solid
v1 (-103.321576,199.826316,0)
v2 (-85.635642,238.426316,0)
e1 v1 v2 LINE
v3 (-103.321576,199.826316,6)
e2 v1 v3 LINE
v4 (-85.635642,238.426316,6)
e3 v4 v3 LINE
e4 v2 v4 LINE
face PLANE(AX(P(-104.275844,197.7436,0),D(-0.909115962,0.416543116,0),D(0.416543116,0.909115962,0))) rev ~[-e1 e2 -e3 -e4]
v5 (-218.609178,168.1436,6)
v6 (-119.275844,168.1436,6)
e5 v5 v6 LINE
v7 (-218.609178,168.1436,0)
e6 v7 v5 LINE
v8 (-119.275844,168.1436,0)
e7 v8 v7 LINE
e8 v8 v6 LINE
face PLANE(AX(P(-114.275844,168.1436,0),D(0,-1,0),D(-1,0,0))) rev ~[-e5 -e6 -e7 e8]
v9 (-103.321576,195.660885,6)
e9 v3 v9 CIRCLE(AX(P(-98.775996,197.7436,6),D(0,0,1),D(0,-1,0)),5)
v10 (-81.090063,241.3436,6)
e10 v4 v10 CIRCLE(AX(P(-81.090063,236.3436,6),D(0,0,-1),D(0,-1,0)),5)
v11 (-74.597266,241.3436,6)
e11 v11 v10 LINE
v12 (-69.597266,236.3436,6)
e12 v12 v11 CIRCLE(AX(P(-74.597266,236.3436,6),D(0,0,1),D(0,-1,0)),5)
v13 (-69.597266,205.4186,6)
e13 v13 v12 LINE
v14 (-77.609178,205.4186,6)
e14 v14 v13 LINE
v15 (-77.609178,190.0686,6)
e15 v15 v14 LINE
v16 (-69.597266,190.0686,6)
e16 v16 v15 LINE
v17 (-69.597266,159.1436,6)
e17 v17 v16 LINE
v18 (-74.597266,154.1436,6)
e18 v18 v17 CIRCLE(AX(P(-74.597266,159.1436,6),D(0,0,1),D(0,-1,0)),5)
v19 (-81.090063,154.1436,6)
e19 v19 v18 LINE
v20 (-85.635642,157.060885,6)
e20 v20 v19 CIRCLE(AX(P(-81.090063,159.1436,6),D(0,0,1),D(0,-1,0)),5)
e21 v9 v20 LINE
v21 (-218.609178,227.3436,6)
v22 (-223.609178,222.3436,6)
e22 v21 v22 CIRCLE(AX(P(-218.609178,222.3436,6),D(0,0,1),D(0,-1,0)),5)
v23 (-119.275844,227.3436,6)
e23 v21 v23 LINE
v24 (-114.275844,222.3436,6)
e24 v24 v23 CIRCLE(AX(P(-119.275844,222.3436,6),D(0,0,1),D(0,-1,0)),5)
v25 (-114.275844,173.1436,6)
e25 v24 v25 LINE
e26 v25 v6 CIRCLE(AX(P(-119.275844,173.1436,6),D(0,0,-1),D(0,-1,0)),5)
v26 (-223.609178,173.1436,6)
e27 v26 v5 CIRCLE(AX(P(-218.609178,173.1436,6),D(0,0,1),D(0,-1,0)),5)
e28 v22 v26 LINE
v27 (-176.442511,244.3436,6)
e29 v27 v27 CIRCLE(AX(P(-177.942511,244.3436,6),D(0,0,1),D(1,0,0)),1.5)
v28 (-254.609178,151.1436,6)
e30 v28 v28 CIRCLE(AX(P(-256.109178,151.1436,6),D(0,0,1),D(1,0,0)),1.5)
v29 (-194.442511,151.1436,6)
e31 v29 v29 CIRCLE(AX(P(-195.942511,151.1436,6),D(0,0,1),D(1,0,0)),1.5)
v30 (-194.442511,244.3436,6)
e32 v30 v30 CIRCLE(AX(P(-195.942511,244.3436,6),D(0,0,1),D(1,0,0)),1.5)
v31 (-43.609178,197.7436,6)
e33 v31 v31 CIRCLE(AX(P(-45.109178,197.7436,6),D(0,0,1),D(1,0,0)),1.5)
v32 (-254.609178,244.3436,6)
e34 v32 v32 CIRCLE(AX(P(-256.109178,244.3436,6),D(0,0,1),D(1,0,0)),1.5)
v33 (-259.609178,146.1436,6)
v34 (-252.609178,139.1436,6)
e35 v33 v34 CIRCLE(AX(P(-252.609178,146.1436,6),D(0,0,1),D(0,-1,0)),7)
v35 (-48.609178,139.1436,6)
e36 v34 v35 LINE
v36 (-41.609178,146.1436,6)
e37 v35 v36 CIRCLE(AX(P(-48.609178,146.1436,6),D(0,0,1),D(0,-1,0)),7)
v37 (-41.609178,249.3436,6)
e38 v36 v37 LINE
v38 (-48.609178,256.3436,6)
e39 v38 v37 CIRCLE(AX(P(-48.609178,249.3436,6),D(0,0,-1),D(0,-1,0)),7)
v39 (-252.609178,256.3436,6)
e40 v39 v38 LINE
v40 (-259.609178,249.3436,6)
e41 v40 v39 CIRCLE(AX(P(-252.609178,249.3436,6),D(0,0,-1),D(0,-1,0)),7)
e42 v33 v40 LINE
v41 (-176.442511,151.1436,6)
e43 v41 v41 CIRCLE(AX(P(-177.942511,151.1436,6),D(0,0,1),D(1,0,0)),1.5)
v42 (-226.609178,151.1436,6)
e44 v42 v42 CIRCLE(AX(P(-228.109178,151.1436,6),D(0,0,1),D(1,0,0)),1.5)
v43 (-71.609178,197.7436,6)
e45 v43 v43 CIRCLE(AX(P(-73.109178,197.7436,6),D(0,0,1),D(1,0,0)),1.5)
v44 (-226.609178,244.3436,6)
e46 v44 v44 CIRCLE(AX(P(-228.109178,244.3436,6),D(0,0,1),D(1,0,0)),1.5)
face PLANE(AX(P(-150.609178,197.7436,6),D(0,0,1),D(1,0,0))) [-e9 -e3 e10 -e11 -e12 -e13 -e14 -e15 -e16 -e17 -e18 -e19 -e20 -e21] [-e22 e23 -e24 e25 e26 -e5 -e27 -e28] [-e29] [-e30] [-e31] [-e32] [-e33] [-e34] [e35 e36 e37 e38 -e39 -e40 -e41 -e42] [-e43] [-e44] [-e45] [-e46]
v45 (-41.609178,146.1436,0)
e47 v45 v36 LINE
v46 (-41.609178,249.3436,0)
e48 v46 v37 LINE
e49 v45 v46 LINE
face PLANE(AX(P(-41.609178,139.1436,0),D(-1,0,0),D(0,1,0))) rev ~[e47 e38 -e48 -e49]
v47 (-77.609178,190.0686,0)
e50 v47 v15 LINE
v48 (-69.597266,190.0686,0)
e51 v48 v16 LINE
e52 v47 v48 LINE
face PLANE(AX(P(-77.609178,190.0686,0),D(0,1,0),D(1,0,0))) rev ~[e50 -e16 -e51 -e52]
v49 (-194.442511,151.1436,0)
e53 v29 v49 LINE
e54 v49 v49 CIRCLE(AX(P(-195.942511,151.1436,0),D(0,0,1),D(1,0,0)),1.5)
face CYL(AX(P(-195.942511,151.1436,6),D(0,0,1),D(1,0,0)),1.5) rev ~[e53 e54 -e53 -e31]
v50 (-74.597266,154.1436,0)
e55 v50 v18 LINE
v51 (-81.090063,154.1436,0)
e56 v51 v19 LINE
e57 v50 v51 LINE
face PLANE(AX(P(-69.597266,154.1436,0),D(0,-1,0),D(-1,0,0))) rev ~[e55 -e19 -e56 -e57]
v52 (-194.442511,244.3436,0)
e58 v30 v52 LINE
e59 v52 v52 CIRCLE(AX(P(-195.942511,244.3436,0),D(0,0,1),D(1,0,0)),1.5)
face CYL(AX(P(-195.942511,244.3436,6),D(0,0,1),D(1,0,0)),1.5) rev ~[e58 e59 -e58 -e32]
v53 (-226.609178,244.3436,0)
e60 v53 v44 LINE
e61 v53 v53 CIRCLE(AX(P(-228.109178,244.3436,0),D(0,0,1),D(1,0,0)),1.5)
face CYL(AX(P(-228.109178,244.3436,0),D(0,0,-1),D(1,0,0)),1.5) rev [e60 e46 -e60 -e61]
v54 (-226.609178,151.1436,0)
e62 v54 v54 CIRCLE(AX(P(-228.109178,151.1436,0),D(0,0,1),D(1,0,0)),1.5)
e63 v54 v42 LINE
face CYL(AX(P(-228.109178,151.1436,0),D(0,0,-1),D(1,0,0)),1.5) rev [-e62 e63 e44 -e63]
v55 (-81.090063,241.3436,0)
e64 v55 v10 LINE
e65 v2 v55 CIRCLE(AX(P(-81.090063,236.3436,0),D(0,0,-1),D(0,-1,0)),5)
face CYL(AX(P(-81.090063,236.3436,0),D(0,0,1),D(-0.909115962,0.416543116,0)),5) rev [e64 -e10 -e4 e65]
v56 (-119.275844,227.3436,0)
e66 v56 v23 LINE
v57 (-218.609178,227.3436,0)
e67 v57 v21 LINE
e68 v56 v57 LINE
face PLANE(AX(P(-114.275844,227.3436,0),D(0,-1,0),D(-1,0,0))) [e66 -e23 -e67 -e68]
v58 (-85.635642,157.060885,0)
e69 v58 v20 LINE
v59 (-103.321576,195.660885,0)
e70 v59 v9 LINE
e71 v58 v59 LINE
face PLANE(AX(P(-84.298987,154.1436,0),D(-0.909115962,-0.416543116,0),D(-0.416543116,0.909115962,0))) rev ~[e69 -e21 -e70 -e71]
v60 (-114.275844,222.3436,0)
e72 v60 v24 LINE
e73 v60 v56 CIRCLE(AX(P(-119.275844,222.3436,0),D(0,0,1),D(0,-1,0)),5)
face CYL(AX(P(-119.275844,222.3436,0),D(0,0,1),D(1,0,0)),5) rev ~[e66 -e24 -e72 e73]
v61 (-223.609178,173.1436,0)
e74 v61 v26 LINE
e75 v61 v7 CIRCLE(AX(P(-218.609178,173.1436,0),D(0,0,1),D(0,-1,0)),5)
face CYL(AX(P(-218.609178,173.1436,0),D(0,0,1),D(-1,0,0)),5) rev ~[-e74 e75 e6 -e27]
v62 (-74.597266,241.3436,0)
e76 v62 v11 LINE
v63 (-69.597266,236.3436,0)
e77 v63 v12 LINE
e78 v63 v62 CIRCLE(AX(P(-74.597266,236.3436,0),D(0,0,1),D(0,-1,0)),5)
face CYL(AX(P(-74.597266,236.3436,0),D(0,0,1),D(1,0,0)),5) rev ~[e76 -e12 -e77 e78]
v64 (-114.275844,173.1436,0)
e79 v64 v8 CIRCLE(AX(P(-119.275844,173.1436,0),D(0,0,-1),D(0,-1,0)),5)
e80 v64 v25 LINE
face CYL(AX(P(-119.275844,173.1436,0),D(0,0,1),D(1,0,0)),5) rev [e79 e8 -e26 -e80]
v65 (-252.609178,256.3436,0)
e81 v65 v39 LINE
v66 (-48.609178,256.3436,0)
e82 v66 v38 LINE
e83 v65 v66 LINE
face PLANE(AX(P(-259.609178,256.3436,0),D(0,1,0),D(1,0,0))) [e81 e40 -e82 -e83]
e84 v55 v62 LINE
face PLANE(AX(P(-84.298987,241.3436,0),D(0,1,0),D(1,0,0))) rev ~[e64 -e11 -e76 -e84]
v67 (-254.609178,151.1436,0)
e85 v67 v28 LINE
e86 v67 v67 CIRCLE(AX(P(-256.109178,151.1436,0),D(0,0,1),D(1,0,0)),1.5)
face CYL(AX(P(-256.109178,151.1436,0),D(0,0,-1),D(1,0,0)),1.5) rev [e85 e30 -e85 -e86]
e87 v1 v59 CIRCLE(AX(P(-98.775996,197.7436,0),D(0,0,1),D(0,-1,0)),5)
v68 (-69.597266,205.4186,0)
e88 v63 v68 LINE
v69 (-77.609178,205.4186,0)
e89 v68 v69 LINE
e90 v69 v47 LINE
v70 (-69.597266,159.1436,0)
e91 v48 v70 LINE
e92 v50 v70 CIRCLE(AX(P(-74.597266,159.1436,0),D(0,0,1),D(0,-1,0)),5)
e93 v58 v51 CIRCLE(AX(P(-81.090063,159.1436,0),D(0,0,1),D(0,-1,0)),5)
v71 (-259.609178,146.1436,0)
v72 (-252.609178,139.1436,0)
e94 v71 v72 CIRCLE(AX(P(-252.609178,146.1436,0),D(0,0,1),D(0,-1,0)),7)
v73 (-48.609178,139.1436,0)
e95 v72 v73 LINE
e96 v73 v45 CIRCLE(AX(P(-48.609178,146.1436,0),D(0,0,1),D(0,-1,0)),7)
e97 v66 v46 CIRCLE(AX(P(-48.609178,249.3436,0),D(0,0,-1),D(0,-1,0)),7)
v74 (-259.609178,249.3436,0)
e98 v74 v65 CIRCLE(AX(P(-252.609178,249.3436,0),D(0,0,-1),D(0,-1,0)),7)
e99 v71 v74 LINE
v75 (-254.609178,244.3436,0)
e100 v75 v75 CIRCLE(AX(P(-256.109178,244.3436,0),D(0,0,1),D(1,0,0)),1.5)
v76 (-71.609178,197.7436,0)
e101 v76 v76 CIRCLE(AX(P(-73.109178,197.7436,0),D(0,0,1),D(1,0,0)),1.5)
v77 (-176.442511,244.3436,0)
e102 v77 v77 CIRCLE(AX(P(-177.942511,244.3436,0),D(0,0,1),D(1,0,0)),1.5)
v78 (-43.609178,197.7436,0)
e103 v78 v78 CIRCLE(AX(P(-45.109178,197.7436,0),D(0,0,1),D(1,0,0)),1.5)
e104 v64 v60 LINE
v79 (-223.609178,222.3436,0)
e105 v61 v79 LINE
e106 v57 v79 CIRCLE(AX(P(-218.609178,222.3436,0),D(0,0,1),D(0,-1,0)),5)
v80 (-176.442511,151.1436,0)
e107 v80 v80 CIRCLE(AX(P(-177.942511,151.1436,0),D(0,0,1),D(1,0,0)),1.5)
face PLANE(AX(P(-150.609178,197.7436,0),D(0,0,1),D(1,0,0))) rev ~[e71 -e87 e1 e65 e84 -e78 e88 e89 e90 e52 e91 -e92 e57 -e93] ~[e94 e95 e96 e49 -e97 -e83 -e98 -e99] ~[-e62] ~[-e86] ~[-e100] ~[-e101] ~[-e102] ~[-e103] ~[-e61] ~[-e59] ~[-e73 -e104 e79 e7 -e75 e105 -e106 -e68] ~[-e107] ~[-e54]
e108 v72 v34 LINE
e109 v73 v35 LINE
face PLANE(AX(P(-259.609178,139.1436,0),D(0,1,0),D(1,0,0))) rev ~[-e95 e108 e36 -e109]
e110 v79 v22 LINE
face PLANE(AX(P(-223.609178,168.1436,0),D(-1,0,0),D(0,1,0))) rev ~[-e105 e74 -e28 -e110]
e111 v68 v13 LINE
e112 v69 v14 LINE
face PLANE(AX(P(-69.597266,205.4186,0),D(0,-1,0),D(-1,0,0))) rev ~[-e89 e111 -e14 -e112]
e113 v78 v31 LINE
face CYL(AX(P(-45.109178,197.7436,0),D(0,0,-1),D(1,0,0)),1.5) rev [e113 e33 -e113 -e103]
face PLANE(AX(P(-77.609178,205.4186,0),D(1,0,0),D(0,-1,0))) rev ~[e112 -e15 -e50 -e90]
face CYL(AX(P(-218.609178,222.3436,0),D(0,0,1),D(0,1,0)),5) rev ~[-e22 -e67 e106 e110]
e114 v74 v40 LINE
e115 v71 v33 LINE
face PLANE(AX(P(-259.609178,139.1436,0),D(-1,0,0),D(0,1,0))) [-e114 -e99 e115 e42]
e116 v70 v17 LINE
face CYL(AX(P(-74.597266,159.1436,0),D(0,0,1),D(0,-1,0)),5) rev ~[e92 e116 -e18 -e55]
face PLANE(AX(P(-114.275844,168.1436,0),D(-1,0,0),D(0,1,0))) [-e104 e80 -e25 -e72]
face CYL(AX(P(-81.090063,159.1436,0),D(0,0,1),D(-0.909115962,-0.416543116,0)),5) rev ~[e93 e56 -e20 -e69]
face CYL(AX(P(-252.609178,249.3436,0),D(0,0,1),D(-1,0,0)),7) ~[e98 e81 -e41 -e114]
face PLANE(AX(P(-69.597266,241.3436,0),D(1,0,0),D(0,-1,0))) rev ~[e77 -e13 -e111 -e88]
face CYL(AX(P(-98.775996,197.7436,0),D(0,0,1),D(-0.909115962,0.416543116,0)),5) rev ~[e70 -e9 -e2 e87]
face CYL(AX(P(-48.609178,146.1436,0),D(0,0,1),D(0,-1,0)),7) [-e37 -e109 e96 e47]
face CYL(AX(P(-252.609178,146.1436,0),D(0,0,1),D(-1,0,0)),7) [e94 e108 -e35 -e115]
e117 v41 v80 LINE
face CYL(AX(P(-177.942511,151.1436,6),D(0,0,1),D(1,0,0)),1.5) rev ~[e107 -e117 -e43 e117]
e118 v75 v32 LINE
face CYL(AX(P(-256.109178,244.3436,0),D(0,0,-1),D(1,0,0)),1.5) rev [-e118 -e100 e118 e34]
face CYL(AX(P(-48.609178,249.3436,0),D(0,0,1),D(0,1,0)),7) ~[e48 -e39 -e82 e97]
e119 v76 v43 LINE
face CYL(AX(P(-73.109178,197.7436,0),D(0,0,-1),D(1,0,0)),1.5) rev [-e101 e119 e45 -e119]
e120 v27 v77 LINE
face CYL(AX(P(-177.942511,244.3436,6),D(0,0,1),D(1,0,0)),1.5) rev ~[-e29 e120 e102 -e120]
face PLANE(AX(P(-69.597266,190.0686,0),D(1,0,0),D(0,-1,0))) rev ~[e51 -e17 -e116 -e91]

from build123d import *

# Parameters (mm, degrees)
SKETCH1_W           = 218
SKETCH1_H           = 117.2
SKETCH1_R           = 1.5
BOSS_EXTRUDE1_DEPTH = 6
SKETCH2_R           = 1.5
CUT_EXTRUDE1_DEPTH  = 6
FILLET1_R           = 7
SKETCH3_W           = 109.333333333
SKETCH3_H           = 59.2
CUT_EXTRUDE2_DEPTH  = 10
FILLET3_R           = 5
CUT_EXTRUDE3_DEPTH  = 10
FILLET4_R           = 5


with BuildPart() as part:
    # Sketch1 → Boss-Extrude1 (new body)
    with BuildSketch(Plane.XY):
        with Locations((-150.609177744, 197.743600407)):
            Rectangle(SKETCH1_W, SKETCH1_H)
        with Locations((-256.109177744, 244.343600407)):
            Circle(SKETCH1_R, mode=Mode.SUBTRACT)
        with Locations((-256.109177744, 151.143600407)):
            Circle(SKETCH1_R, mode=Mode.SUBTRACT)
        with Locations((-45.109177744, 197.743600407)):
            Circle(SKETCH1_R, mode=Mode.SUBTRACT)
        with Locations((-73.109177744, 197.743600407)):
            Circle(SKETCH1_R, mode=Mode.SUBTRACT)
        with Locations((-228.109177744, 244.343600407)):
            Circle(SKETCH1_R, mode=Mode.SUBTRACT)
        with Locations((-228.109177744, 151.143600407)):
            Circle(SKETCH1_R, mode=Mode.SUBTRACT)
    extrude(amount=BOSS_EXTRUDE1_DEPTH)

    # Sketch2 → Cut-Extrude1 (cut)
    with BuildSketch(Plane.XY.offset(6)):
        with Locations((-195.942511077, 151.143600407)):
            Circle(SKETCH2_R)
        with Locations((-177.942511077, 151.143600407)):
            Circle(SKETCH2_R)
        with Locations((-195.942511077, 244.343600407)):
            Circle(SKETCH2_R)
        with Locations((-177.942511077, 244.343600407)):
            Circle(SKETCH2_R)
    extrude(amount=-CUT_EXTRUDE1_DEPTH, mode=Mode.SUBTRACT)

    # Fillet1
    fillet1_edges = [part.edges().sort_by_distance(p)[0] for p in [
        (-259.609177744, 256.343600407, 3),
        (-41.609177744, 256.343600407, 3),
        (-41.609177744, 139.143600407, 3),
        (-259.609177744, 139.143600407, 3),
    ]]
    fillet(fillet1_edges, radius=FILLET1_R)

    # Sketch3 → Cut-Extrude2 (cut)
    with BuildSketch(Plane(origin=(0, 0, 0), x_dir=(-1, 0, 0), z_dir=(0, 0, -1))):
        with Locations((168.942511078, 197.743600407)):
            Rectangle(SKETCH3_W, SKETCH3_H)
    extrude(amount=-CUT_EXTRUDE2_DEPTH, mode=Mode.SUBTRACT)

    # Fillet3
    fillet3_edges = [part.edges().sort_by_distance(p)[0] for p in [
        (-114.275844411, 168.143600407, 3),
        (-114.275844411, 227.343600407, 3),
        (-223.609177744, 227.343600407, 3),
        (-223.609177744, 168.143600407, 3),
    ]]
    fillet(fillet3_edges, radius=FILLET3_R)

    # Sketch4 → Cut-Extrude3 (cut)
    with BuildSketch(Plane(origin=(0, 0, 0), x_dir=(-1, 0, 0), z_dir=(0, 0, -1))):
        Polygon((84.298987117, 241.343600407), (69.597266226, 241.343600407), (69.597266226, 205.418600407), (77.609177744, 205.418600407), (77.609177744, 190.068600407), (69.597266226, 190.068600407), (69.597266226, 154.143600407), (84.298987117, 154.143600407), (104.275844411, 197.743600407), align=None)
    extrude(amount=-CUT_EXTRUDE3_DEPTH, mode=Mode.SUBTRACT)

    # Fillet4
    fillet4_edges = [part.edges().sort_by_distance(p)[0] for p in [
        (-69.597266226, 241.343600407, 3),
        (-84.298987117, 241.343600407, 3),
        (-104.275844411, 197.743600407, 3),
        (-84.298987117, 154.143600407, 3),
        (-69.597266226, 154.143600407, 3),
    ]]
    fillet(fillet4_edges, radius=FILLET4_R)


solid = part.part
